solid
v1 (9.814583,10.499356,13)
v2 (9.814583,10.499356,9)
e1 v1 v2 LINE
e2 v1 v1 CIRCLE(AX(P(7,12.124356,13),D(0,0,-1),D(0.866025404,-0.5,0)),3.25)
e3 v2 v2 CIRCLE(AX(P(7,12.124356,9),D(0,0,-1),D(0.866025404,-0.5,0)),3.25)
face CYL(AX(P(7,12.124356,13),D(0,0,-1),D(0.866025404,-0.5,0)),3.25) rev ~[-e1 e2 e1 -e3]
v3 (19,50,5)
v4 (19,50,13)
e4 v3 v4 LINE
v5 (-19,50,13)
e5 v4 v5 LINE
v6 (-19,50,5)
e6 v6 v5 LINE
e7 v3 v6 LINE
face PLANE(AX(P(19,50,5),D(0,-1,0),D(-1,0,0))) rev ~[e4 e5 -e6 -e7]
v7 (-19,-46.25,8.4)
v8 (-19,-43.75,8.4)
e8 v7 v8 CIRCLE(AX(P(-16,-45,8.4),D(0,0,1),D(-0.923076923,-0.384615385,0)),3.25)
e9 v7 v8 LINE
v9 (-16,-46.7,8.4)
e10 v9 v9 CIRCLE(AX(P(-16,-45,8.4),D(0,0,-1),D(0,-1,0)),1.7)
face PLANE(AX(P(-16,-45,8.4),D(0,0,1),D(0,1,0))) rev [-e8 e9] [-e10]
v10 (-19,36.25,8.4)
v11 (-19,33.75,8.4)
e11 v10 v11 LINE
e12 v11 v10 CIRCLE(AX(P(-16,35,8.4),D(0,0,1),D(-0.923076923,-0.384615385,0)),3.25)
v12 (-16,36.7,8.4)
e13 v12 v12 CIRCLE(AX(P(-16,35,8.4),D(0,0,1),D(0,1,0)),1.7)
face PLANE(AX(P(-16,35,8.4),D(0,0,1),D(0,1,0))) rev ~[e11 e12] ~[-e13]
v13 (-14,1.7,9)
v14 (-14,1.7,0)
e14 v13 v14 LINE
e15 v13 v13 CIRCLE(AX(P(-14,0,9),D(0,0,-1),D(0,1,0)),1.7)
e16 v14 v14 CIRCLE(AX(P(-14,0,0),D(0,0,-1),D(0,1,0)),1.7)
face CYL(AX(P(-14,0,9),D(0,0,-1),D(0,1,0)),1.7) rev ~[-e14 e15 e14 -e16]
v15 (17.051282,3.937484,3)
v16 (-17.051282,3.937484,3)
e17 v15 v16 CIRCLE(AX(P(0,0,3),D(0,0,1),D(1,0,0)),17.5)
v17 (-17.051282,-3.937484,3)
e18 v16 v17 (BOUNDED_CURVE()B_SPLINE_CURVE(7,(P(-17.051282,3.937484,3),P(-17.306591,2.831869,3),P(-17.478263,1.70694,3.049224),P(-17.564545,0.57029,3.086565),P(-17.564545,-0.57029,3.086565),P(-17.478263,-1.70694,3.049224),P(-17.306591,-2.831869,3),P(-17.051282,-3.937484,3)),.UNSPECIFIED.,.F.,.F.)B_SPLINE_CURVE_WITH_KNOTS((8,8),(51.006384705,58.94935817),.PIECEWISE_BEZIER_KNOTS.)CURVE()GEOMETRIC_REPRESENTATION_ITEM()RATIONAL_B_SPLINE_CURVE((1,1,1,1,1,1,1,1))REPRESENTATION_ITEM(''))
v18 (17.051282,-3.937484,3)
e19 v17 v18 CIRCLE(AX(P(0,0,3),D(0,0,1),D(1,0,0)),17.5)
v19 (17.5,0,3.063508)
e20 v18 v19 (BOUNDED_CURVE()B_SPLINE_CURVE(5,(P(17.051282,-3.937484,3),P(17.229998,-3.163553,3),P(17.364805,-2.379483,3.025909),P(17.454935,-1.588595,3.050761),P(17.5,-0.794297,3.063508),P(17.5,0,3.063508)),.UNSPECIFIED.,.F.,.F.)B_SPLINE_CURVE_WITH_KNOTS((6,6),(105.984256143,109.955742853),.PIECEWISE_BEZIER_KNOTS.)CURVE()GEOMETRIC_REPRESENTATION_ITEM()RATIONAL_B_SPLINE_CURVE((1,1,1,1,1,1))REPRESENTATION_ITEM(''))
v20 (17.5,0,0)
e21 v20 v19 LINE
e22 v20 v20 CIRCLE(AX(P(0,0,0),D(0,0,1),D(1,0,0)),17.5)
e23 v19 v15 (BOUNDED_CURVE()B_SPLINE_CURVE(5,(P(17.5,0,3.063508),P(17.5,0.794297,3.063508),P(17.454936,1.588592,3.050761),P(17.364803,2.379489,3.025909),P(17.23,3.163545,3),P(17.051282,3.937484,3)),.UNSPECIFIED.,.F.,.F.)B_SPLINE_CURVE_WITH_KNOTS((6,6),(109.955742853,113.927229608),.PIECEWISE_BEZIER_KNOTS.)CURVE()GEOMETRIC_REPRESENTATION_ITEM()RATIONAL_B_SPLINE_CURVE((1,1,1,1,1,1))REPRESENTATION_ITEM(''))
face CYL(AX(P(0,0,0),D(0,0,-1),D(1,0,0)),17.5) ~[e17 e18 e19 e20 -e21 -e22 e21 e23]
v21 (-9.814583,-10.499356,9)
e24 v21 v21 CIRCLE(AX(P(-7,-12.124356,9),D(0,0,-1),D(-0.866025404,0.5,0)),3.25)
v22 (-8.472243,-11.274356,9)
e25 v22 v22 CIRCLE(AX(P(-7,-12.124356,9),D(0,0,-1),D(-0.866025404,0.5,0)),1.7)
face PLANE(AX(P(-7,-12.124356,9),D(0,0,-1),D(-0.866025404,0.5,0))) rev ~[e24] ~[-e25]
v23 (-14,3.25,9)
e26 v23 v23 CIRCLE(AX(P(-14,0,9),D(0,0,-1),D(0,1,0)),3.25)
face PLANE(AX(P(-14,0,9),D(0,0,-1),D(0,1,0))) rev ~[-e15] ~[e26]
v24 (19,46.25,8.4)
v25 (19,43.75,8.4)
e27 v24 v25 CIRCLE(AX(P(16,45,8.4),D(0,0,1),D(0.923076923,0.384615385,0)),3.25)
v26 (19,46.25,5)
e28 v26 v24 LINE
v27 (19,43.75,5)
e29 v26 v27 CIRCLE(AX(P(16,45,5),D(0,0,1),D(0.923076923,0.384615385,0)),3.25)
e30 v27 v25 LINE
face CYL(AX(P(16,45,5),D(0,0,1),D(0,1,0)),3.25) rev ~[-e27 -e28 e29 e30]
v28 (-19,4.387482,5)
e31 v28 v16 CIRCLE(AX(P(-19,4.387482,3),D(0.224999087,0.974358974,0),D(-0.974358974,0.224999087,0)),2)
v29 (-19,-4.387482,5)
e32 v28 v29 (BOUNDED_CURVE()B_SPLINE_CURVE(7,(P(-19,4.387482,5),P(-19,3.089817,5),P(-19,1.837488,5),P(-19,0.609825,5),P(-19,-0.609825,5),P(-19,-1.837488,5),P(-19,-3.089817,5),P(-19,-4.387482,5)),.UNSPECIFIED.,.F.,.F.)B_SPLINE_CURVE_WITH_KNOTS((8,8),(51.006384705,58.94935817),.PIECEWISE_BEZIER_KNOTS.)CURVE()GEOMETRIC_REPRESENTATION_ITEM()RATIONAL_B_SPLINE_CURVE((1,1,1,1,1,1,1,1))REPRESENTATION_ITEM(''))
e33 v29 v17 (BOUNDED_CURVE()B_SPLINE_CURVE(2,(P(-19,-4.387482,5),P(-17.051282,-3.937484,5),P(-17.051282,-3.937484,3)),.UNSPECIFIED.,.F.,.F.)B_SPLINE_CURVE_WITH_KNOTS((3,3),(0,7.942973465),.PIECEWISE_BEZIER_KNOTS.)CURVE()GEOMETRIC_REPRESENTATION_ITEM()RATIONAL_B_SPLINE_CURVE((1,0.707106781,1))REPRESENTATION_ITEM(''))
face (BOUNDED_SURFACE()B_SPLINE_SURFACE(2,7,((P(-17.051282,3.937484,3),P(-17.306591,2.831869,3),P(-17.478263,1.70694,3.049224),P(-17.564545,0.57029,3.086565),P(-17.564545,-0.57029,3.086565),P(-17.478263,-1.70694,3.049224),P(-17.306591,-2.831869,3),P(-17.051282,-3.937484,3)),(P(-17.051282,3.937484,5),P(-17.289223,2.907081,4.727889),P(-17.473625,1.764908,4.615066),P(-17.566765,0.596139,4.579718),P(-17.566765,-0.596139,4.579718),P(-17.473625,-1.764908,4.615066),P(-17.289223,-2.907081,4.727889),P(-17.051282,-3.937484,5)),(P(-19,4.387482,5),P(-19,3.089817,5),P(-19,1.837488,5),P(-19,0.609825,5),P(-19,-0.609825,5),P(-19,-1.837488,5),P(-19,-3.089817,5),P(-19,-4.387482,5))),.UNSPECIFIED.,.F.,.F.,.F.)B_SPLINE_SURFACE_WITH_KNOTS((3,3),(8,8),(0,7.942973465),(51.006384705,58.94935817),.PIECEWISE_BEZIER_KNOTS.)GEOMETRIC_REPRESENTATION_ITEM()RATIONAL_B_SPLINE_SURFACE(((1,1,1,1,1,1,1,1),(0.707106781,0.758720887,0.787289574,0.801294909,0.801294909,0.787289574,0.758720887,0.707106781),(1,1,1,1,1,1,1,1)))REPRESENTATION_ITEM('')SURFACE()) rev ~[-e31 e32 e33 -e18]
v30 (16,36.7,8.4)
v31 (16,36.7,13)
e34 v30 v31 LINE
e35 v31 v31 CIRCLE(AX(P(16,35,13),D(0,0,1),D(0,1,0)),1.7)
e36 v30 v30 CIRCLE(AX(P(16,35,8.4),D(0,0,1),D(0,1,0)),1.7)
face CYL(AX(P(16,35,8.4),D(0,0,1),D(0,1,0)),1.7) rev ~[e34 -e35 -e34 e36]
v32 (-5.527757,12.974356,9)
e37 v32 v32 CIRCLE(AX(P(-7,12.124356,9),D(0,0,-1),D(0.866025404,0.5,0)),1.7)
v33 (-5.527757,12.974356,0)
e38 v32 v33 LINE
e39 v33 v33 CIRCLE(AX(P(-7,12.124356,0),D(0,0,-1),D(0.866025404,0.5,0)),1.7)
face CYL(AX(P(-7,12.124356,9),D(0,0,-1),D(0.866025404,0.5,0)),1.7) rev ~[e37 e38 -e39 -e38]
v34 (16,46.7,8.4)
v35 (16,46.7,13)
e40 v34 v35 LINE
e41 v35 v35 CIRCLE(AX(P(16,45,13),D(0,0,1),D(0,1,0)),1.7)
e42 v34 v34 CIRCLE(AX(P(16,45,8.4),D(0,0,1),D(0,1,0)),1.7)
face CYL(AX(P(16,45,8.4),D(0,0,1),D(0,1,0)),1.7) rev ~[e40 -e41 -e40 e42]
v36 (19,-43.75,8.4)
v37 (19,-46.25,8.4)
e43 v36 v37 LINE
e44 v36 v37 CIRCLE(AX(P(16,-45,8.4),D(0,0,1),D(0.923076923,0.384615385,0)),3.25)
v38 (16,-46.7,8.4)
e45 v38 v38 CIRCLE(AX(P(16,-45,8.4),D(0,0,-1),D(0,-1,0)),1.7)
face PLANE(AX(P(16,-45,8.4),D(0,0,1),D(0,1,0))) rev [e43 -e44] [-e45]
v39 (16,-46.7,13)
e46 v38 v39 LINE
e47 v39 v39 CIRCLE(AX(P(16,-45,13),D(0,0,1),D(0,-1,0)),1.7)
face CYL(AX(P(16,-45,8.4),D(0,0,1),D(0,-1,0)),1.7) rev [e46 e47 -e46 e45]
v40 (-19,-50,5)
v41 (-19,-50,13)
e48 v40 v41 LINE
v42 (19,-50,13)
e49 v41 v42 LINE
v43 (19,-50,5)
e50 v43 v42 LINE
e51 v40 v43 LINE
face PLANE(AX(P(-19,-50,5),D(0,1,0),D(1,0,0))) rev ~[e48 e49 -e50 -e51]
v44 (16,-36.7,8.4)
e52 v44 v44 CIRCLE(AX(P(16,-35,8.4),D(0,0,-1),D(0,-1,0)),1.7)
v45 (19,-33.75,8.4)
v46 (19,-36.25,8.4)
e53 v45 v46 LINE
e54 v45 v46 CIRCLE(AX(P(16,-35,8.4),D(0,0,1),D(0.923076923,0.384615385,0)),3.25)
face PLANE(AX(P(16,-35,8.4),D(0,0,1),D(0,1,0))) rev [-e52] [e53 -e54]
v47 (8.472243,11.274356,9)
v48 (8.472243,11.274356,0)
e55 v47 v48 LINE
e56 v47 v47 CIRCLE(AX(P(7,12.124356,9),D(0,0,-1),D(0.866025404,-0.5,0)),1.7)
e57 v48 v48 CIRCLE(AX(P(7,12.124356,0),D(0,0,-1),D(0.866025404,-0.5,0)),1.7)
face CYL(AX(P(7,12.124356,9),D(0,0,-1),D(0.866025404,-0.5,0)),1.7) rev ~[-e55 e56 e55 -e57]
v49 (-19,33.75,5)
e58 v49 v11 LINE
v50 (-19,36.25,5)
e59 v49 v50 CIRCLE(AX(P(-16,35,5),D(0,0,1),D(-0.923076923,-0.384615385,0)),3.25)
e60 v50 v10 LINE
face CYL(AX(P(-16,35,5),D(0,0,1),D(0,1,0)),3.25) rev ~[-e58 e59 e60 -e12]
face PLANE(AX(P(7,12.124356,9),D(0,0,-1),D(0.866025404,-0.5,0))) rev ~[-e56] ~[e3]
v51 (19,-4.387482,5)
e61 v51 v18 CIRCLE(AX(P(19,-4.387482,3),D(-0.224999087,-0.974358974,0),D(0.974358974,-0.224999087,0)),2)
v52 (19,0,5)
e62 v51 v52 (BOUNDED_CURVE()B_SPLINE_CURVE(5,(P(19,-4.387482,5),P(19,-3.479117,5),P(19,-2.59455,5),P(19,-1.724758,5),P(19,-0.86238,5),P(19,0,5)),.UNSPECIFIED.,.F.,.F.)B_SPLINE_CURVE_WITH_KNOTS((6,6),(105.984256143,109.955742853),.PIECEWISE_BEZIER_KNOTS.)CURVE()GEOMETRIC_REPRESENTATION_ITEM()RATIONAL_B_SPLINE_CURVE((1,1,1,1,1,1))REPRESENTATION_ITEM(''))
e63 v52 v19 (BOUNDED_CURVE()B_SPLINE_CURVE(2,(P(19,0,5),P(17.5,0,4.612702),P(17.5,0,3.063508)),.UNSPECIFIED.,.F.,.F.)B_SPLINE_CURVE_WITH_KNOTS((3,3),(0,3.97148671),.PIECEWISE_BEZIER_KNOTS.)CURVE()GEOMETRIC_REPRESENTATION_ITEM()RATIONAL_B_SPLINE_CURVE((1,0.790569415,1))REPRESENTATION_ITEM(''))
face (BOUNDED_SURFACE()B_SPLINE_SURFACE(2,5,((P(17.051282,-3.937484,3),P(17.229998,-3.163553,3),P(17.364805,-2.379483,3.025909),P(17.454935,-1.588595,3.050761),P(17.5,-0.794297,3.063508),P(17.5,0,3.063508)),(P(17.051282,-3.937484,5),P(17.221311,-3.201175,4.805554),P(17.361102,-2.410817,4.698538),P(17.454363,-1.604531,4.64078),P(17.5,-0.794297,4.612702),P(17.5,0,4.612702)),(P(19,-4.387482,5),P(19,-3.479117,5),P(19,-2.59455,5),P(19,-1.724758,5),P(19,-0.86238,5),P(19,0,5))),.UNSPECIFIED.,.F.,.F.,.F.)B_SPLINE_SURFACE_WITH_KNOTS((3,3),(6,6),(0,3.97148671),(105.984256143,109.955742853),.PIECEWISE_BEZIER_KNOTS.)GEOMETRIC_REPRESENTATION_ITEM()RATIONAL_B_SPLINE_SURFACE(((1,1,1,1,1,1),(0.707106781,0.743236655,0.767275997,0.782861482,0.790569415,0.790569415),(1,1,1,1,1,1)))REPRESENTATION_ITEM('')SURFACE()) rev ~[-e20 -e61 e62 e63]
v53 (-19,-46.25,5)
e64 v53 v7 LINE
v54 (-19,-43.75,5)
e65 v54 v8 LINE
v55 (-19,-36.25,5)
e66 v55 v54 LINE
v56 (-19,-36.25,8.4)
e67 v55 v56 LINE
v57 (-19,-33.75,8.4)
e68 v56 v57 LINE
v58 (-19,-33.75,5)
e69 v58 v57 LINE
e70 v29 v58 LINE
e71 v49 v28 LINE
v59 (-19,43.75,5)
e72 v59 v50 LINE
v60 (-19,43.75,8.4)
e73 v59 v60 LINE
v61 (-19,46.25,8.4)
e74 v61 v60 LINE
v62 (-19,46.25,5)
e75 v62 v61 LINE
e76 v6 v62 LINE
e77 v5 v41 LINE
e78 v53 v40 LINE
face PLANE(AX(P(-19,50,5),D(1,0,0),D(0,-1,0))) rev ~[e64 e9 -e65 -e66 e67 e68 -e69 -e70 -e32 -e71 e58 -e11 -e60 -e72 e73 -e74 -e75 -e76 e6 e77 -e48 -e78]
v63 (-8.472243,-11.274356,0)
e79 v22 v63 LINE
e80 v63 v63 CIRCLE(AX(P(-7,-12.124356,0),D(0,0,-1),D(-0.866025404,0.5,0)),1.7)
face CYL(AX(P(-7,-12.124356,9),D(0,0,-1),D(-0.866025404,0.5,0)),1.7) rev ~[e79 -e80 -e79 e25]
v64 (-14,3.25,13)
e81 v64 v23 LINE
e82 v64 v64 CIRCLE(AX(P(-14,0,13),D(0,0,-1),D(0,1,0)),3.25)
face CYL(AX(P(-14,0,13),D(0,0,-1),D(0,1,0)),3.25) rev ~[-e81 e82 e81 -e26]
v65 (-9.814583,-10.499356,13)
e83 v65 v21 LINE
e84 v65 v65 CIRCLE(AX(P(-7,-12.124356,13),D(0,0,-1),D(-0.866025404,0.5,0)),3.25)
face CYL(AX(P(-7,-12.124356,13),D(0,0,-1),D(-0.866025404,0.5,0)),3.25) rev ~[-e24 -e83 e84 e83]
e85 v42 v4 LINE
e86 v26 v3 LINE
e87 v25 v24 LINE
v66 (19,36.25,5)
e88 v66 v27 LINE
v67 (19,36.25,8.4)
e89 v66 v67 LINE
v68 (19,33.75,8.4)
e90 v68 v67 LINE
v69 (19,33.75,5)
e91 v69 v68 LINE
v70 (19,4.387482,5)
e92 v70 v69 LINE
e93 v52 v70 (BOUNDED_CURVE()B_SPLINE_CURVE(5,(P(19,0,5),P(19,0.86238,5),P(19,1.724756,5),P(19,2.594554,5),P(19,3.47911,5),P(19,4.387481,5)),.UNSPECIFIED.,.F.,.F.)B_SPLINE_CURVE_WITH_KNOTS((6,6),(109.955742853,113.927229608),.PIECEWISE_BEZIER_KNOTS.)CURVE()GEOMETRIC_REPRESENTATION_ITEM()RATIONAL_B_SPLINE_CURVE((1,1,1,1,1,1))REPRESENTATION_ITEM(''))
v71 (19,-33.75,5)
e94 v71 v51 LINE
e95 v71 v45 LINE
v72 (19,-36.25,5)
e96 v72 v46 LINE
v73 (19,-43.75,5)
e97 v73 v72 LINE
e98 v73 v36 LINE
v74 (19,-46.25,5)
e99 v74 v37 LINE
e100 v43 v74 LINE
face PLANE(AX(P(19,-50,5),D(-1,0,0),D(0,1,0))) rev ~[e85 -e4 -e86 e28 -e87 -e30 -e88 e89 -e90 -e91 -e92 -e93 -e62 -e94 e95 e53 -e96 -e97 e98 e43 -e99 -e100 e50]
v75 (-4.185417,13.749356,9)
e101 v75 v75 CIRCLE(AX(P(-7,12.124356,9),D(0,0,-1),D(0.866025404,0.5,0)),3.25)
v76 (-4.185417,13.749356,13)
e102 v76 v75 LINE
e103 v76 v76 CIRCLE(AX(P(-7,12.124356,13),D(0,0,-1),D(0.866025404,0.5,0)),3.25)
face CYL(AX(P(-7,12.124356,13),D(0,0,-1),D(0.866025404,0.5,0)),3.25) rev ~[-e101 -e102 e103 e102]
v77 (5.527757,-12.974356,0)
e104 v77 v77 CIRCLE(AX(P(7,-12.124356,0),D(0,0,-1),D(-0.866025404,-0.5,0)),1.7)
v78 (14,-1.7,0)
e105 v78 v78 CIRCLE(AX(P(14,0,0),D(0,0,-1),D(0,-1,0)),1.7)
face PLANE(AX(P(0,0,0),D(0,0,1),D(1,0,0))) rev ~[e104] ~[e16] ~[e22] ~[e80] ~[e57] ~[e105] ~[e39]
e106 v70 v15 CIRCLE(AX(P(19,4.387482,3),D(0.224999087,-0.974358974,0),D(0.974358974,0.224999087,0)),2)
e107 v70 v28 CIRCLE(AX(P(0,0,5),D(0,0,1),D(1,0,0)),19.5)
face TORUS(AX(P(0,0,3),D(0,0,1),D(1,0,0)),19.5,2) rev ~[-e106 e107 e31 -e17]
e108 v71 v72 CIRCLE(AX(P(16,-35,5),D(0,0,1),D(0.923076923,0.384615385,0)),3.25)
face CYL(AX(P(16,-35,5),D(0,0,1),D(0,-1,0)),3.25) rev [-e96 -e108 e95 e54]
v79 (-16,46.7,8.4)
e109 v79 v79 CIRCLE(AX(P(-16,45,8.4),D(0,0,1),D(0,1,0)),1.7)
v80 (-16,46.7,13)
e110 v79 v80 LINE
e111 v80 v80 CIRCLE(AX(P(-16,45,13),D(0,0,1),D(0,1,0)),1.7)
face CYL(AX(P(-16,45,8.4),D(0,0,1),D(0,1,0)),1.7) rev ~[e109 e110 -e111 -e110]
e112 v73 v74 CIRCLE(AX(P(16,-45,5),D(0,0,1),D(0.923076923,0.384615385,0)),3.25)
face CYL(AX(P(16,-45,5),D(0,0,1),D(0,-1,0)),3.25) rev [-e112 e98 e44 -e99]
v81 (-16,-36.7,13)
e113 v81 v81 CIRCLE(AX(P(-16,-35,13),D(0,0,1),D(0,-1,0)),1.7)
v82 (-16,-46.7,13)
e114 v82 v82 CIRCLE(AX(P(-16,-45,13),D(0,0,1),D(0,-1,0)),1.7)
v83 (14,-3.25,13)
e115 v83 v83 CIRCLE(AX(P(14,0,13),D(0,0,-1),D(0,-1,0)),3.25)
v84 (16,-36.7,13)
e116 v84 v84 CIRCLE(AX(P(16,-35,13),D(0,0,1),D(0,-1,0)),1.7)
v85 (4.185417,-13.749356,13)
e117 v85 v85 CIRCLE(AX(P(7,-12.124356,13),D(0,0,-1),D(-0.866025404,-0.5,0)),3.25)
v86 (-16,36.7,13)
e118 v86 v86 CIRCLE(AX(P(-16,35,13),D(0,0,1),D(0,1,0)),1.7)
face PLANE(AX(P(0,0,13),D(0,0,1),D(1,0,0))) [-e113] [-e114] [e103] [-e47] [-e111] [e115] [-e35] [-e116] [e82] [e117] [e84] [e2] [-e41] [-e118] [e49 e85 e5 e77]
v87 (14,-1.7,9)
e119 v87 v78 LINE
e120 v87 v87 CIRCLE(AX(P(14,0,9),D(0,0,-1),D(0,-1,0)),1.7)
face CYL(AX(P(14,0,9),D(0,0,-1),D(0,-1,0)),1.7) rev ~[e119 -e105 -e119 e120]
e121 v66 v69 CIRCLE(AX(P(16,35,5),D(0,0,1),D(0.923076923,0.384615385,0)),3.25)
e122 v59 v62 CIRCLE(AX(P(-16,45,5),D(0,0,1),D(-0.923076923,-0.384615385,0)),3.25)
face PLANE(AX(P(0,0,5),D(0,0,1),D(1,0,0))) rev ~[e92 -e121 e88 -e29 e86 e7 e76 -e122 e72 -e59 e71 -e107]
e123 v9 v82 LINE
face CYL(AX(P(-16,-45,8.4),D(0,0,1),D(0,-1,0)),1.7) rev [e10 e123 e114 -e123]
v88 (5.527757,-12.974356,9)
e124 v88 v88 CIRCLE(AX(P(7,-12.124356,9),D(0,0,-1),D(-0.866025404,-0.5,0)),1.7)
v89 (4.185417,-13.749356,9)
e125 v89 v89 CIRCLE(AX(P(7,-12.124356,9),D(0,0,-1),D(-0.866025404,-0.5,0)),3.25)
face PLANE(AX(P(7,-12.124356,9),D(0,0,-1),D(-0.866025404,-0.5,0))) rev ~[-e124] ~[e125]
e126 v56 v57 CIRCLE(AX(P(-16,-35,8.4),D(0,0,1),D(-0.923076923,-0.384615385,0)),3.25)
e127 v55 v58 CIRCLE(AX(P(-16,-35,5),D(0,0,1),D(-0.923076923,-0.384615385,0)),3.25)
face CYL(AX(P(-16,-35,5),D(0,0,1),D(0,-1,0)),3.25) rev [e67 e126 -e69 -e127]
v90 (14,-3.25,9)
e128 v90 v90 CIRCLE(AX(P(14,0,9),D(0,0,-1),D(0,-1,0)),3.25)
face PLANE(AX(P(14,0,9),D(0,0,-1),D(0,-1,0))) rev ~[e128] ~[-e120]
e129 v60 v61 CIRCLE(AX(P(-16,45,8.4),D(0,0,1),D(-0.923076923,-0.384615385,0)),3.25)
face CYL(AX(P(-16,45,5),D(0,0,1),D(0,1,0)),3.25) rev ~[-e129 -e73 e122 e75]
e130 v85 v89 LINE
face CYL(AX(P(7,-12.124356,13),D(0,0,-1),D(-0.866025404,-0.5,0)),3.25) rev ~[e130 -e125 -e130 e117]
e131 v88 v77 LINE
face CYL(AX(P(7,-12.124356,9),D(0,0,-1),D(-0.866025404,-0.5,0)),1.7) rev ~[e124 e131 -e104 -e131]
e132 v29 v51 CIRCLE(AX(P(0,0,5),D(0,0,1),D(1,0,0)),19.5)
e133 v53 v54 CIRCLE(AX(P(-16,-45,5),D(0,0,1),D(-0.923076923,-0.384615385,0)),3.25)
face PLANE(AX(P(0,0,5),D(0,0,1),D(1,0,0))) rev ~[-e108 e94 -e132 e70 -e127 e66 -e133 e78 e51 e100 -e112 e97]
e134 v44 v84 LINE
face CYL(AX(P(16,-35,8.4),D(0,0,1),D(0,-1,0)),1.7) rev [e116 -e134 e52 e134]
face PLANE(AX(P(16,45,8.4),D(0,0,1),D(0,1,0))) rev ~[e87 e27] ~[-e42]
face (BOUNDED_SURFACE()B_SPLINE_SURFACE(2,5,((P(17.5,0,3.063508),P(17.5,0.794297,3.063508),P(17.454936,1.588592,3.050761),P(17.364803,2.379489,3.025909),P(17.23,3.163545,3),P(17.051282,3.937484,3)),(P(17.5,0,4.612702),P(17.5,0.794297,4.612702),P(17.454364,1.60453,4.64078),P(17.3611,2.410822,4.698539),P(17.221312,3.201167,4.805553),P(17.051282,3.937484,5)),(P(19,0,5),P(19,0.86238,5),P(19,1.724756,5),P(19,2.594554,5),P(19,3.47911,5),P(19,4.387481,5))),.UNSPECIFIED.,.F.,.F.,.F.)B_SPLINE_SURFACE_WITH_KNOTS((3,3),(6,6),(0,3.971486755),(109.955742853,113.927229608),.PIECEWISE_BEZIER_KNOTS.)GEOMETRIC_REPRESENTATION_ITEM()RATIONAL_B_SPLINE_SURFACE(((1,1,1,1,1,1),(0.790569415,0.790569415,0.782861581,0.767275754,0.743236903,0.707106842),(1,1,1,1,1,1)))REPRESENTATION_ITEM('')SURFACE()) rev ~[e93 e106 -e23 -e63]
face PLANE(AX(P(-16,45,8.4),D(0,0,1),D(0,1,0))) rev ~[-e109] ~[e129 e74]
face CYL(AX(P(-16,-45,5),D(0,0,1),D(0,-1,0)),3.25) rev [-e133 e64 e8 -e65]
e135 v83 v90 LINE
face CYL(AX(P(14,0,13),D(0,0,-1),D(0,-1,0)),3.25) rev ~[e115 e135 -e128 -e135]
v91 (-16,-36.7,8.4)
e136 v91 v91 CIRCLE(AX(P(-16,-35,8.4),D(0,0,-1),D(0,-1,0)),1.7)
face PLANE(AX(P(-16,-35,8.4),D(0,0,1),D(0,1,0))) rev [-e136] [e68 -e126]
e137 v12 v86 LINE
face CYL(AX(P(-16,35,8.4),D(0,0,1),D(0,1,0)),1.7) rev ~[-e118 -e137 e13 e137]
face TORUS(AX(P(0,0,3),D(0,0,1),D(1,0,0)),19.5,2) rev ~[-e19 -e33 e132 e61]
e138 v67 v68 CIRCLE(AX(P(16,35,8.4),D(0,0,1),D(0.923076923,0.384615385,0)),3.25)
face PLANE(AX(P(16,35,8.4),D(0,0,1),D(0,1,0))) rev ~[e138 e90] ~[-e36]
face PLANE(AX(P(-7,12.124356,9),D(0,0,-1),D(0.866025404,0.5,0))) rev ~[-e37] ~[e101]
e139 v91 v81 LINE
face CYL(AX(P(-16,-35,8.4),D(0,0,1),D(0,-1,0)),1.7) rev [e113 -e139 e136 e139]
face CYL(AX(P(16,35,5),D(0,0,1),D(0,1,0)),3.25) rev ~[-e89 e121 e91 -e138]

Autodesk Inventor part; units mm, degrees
ref_plane "YZ Plane" through (0, 0, 0) normal (1, 0, 0) x (0, 1, 0)
ref_plane "XZ Plane" through (0, 0, 0) normal (0, 1, 0) x (-1, 0, 0)
ref_plane "XY Plane" through (0, 0, 0) normal (0, 0, 1) x (1, 0, 0)
sketch "Sketch1" plane through (0, 0, 0) normal (0, 0, 1) x (1, 0, 0)
  circle A0 centre (0, 0) radius 17.5
  dimension "d0" = 35
extrude "Extrusion1" add sketch "Sketch1" along normal blind 5
sketch "Sketch2" plane through (0, 0, 5) normal (0, 0, 1) x (1, 0, 0)
  line L0 (-19, -50) -> (19, -50)
  line L1 (19, -50) -> (19, 50)
  line L2 (19, 50) -> (-19, 50)
  line L3 (-19, 50) -> (-19, -50)
  line L4 (-19, -50) -> (19, 50) construction
  line L5 (19, -50) -> (-19, 50) construction
  point P0 (0, 0)
  dimension "d3" = 38
  dimension "d4" = 100
extrude "Extrusion2" add sketch "Sketch2" along normal blind 8
sketch "Sketch3" plane through (0, 0, 13) normal (0, 0, 1) x (1, 0, 0)
  point P0 (0, 0)
  point P1 (14, 0)
  dimension "d7" = 14
hole "Hole1" at (14, 0, 13) direction (0, 0, -1) diameter 3.4 end through all counterbore diameter 6.5 counterbore depth 4 clearance for "Socket Head Cap Screw DIN EN ISO 4762" size "M3" standard "DIN"
pattern_circular "Circular Pattern1" count 6 over 360 about axis through (0, 0, -10) along (0, 0, 1) of "Hole1"
sketch "Sketch4" plane through (0, 0, 5) normal (0, 0, -1) x (-1, 0, 0)
  line L0 (-16, 45) -> (16, 45)
  line L1 (16, 45) -> (16, 35)
  line L2 (16, 35) -> (-16, 35)
  line L3 (-16, 35) -> (-16, 45)
  line L4 (-16, 45) -> (16, 35) construction
  line L5 (16, 45) -> (-16, 35) construction
  line L6 (-19, 50) -> (19, 50) projected
  line L7 (19, 50) -> (19, -50) projected
  line L8 (-19, -50) -> (-19, 50) projected
  point P0 (0, 0)
  point P1 (0, 40)
  dimension "d18" = 5
  dimension "d19" = 3
  dimension "d20" = 3
  dimension "d21" = 10
hole "Hole2" at (16, 45, 5) at (-16, 45, 5) at (-16, 35, 5) at (16, 35, 5) direction (0, 0, 1) diameter 3.4 end through all counterbore diameter 6.5 counterbore depth 3.4 clearance for "Socket Head Cap Screw DIN EN ISO 4762" size "M3" standard "DIN"
mirror "Mirror1" about plane through (0, 0, 0) normal (0, 1, 0) of "Hole2"
fillet "Fillet1" radius 2 1 edges at (-17.5, 0, 5)
ref_plane "Work Plane1" through (0, 0, 0) normal (0, 1, 0) x (-1, 0, 0)
equation "\"d19\" = d20"
equation "\"d21\" = 2 * d18"
properties part number "401-flange"
